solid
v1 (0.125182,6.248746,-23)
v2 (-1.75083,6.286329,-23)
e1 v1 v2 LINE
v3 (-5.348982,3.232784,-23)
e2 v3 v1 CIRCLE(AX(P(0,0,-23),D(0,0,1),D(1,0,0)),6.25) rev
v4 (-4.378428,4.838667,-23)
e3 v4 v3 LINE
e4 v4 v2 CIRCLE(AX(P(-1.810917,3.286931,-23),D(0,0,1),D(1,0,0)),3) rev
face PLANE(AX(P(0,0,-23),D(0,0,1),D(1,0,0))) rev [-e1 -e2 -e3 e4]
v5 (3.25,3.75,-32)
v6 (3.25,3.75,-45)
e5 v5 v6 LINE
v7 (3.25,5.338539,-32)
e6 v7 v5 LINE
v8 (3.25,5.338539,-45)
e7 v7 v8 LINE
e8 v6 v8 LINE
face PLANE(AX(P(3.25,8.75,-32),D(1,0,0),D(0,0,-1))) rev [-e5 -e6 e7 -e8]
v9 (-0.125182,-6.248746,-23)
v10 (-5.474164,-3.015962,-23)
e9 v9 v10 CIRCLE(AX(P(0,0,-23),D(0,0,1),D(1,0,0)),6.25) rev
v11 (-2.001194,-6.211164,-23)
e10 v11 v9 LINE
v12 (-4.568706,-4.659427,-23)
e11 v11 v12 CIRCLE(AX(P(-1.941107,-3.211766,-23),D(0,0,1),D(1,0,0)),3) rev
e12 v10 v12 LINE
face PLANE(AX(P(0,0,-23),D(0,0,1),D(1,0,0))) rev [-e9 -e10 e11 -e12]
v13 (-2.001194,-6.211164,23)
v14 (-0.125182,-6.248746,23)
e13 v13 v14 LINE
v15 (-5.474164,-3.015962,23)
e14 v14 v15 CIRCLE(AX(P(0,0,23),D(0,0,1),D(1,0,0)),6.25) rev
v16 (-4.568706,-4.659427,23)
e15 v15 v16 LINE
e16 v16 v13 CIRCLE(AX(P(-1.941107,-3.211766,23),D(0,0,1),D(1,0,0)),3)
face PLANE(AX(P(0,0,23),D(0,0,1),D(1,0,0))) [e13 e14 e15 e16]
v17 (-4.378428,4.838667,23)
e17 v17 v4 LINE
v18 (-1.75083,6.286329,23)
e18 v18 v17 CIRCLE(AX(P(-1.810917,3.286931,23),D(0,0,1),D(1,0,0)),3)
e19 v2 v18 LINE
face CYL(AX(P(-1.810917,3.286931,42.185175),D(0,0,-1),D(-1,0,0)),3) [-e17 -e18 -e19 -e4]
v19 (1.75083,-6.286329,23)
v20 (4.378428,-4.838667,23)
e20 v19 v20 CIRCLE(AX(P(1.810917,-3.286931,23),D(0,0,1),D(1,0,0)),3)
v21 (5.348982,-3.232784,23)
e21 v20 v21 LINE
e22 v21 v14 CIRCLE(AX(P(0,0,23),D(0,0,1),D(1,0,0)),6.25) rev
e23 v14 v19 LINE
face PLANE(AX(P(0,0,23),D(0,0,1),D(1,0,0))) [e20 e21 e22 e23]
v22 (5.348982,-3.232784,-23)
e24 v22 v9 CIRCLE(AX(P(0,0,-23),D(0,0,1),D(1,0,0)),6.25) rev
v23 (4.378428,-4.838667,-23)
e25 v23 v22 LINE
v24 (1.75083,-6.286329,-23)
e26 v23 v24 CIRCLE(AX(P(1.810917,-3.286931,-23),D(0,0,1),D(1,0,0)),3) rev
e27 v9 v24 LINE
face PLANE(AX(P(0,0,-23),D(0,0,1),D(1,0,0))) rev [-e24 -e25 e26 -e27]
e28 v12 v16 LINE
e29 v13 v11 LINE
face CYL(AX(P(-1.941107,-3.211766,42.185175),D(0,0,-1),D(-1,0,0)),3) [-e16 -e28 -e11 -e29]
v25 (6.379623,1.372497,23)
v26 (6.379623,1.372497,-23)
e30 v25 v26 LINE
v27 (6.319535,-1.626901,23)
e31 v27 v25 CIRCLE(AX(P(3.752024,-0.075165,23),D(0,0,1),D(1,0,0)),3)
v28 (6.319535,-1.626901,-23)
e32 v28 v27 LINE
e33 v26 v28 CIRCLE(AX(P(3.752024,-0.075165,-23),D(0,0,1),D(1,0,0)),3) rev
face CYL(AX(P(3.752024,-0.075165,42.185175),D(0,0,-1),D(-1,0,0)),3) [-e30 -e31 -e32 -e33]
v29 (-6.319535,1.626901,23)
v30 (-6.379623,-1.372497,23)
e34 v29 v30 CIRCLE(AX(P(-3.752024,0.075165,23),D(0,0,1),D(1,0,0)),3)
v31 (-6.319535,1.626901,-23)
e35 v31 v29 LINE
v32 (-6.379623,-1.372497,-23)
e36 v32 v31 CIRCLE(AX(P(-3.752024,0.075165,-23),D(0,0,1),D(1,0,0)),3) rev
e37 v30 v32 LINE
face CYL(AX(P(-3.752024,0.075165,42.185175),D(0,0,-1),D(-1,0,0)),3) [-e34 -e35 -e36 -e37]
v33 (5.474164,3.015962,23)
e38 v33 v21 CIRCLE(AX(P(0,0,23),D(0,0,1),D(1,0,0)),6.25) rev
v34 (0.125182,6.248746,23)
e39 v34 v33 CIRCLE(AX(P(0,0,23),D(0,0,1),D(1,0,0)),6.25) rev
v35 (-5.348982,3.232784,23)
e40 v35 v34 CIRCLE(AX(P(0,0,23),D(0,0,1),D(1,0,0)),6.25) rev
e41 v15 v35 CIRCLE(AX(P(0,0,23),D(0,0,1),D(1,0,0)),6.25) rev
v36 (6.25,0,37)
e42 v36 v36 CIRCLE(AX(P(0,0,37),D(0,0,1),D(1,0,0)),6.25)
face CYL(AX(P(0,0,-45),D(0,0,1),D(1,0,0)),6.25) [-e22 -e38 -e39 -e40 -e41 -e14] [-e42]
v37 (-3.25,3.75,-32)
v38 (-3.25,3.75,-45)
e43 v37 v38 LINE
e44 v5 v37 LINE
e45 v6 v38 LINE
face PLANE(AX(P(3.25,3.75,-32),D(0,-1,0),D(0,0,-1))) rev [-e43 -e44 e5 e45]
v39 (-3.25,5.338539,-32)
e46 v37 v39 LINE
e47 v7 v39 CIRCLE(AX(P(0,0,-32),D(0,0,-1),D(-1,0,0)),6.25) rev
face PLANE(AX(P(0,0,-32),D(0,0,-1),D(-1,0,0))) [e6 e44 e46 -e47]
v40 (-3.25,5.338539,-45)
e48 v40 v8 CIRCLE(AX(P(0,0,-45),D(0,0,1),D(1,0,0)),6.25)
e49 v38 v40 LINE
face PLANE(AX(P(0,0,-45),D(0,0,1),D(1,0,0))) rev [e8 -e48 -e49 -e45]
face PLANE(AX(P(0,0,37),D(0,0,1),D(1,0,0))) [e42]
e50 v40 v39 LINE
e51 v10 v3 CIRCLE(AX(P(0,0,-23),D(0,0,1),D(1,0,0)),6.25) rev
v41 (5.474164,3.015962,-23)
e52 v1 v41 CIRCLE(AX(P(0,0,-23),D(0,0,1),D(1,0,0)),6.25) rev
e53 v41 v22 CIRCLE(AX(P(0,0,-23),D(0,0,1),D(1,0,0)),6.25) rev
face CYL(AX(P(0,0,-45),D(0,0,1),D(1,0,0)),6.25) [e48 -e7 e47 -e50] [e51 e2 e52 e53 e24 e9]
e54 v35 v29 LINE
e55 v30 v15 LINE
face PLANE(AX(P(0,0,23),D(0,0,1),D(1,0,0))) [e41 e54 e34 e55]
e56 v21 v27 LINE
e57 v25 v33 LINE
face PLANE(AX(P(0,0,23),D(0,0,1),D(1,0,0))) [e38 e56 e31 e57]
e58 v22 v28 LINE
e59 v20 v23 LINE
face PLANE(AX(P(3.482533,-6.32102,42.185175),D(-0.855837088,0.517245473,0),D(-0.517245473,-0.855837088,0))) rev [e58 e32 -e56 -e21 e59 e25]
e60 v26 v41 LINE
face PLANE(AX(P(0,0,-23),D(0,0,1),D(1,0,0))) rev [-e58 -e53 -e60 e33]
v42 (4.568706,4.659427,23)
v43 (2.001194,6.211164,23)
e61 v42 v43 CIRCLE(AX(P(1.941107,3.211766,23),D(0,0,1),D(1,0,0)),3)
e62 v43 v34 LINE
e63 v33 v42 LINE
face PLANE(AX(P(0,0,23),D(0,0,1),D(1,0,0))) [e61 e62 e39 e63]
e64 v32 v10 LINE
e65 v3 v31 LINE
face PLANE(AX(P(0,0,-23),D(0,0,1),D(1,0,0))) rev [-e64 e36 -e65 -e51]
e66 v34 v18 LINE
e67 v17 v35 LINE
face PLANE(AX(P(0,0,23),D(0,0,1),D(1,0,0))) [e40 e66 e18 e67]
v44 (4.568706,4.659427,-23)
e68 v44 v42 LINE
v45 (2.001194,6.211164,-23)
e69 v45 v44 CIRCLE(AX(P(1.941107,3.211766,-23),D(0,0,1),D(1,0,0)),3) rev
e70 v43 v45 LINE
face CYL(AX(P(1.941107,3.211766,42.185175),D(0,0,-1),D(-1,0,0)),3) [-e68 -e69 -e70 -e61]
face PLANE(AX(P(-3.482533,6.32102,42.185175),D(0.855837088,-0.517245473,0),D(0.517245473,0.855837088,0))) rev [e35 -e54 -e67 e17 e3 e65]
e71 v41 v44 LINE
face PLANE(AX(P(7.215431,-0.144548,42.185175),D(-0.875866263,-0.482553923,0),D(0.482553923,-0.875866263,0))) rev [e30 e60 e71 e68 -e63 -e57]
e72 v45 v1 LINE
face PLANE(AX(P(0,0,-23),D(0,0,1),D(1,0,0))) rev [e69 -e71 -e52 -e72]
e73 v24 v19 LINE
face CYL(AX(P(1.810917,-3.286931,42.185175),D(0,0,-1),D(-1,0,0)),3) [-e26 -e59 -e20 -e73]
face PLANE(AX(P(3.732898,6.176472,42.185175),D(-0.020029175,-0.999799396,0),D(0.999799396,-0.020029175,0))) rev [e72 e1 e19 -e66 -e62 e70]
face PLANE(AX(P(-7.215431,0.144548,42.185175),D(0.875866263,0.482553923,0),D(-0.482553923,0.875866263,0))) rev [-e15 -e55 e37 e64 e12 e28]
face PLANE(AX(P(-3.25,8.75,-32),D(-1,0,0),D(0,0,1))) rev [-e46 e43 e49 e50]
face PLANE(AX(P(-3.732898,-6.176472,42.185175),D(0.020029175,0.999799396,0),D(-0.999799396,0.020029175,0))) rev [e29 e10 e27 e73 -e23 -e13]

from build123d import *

# Parameters (mm, degrees)
SKETCH1_R                = 6.25
BOSS_EXTRUDE1_DEPTH      = 37
BOSS_EXTRUDE1_DEPTH_BACK = 45
SKETCH4_W                = 6.5
SKETCH4_H                = 5
CUT_EXTRUDE1_DEPTH       = 13
BOSS_EXTRUDE2_DEPTH      = 46
FILLET1_R                = 3


with BuildPart() as part:
    # Sketch1 → Boss-Extrude1 (new body, two sides)
    with BuildSketch(Plane.XY) as boss_extrude1_sk:
        Circle(SKETCH1_R)
    extrude(amount=BOSS_EXTRUDE1_DEPTH)
    extrude(boss_extrude1_sk.sketch, amount=-BOSS_EXTRUDE1_DEPTH_BACK)

    # Sketch4 → Cut-Extrude1 (cut)
    with BuildSketch(Plane(origin=(0, 0, -45), x_dir=(-1, 0, 0), z_dir=(0, 0, -1))):
        with Locations((0, 6.25)):
            Rectangle(SKETCH4_W, SKETCH4_H)
    extrude(amount=-CUT_EXTRUDE1_DEPTH, mode=Mode.SUBTRACT)

    # Sketch5 → Boss-Extrude2 (add)
    with BuildSketch(Plane.XY.offset(-23)):
        Polygon((3.732897661, 6.176472163), (-3.482532969, 6.321020286), (-7.21543063, 0.144548123), (-3.732897661, -6.176472163), (3.482532969, -6.321020286), (7.21543063, -0.144548123), align=None)
    extrude(amount=BOSS_EXTRUDE2_DEPTH)

    # Fillet1
    fillet1_edges = [part.edges().sort_by_distance(p)[0] for p in [
        (7.21543063, -0.144548123, 0),
        (3.732897661, 6.176472163, 0),
        (-3.482532969, 6.321020286, 0),
        (-7.21543063, 0.144548123, 0),
        (-3.732897661, -6.176472163, 0),
        (3.482532969, -6.321020286, 0),
    ]]
    fillet(fillet1_edges, radius=FILLET1_R)


solid = part.part
